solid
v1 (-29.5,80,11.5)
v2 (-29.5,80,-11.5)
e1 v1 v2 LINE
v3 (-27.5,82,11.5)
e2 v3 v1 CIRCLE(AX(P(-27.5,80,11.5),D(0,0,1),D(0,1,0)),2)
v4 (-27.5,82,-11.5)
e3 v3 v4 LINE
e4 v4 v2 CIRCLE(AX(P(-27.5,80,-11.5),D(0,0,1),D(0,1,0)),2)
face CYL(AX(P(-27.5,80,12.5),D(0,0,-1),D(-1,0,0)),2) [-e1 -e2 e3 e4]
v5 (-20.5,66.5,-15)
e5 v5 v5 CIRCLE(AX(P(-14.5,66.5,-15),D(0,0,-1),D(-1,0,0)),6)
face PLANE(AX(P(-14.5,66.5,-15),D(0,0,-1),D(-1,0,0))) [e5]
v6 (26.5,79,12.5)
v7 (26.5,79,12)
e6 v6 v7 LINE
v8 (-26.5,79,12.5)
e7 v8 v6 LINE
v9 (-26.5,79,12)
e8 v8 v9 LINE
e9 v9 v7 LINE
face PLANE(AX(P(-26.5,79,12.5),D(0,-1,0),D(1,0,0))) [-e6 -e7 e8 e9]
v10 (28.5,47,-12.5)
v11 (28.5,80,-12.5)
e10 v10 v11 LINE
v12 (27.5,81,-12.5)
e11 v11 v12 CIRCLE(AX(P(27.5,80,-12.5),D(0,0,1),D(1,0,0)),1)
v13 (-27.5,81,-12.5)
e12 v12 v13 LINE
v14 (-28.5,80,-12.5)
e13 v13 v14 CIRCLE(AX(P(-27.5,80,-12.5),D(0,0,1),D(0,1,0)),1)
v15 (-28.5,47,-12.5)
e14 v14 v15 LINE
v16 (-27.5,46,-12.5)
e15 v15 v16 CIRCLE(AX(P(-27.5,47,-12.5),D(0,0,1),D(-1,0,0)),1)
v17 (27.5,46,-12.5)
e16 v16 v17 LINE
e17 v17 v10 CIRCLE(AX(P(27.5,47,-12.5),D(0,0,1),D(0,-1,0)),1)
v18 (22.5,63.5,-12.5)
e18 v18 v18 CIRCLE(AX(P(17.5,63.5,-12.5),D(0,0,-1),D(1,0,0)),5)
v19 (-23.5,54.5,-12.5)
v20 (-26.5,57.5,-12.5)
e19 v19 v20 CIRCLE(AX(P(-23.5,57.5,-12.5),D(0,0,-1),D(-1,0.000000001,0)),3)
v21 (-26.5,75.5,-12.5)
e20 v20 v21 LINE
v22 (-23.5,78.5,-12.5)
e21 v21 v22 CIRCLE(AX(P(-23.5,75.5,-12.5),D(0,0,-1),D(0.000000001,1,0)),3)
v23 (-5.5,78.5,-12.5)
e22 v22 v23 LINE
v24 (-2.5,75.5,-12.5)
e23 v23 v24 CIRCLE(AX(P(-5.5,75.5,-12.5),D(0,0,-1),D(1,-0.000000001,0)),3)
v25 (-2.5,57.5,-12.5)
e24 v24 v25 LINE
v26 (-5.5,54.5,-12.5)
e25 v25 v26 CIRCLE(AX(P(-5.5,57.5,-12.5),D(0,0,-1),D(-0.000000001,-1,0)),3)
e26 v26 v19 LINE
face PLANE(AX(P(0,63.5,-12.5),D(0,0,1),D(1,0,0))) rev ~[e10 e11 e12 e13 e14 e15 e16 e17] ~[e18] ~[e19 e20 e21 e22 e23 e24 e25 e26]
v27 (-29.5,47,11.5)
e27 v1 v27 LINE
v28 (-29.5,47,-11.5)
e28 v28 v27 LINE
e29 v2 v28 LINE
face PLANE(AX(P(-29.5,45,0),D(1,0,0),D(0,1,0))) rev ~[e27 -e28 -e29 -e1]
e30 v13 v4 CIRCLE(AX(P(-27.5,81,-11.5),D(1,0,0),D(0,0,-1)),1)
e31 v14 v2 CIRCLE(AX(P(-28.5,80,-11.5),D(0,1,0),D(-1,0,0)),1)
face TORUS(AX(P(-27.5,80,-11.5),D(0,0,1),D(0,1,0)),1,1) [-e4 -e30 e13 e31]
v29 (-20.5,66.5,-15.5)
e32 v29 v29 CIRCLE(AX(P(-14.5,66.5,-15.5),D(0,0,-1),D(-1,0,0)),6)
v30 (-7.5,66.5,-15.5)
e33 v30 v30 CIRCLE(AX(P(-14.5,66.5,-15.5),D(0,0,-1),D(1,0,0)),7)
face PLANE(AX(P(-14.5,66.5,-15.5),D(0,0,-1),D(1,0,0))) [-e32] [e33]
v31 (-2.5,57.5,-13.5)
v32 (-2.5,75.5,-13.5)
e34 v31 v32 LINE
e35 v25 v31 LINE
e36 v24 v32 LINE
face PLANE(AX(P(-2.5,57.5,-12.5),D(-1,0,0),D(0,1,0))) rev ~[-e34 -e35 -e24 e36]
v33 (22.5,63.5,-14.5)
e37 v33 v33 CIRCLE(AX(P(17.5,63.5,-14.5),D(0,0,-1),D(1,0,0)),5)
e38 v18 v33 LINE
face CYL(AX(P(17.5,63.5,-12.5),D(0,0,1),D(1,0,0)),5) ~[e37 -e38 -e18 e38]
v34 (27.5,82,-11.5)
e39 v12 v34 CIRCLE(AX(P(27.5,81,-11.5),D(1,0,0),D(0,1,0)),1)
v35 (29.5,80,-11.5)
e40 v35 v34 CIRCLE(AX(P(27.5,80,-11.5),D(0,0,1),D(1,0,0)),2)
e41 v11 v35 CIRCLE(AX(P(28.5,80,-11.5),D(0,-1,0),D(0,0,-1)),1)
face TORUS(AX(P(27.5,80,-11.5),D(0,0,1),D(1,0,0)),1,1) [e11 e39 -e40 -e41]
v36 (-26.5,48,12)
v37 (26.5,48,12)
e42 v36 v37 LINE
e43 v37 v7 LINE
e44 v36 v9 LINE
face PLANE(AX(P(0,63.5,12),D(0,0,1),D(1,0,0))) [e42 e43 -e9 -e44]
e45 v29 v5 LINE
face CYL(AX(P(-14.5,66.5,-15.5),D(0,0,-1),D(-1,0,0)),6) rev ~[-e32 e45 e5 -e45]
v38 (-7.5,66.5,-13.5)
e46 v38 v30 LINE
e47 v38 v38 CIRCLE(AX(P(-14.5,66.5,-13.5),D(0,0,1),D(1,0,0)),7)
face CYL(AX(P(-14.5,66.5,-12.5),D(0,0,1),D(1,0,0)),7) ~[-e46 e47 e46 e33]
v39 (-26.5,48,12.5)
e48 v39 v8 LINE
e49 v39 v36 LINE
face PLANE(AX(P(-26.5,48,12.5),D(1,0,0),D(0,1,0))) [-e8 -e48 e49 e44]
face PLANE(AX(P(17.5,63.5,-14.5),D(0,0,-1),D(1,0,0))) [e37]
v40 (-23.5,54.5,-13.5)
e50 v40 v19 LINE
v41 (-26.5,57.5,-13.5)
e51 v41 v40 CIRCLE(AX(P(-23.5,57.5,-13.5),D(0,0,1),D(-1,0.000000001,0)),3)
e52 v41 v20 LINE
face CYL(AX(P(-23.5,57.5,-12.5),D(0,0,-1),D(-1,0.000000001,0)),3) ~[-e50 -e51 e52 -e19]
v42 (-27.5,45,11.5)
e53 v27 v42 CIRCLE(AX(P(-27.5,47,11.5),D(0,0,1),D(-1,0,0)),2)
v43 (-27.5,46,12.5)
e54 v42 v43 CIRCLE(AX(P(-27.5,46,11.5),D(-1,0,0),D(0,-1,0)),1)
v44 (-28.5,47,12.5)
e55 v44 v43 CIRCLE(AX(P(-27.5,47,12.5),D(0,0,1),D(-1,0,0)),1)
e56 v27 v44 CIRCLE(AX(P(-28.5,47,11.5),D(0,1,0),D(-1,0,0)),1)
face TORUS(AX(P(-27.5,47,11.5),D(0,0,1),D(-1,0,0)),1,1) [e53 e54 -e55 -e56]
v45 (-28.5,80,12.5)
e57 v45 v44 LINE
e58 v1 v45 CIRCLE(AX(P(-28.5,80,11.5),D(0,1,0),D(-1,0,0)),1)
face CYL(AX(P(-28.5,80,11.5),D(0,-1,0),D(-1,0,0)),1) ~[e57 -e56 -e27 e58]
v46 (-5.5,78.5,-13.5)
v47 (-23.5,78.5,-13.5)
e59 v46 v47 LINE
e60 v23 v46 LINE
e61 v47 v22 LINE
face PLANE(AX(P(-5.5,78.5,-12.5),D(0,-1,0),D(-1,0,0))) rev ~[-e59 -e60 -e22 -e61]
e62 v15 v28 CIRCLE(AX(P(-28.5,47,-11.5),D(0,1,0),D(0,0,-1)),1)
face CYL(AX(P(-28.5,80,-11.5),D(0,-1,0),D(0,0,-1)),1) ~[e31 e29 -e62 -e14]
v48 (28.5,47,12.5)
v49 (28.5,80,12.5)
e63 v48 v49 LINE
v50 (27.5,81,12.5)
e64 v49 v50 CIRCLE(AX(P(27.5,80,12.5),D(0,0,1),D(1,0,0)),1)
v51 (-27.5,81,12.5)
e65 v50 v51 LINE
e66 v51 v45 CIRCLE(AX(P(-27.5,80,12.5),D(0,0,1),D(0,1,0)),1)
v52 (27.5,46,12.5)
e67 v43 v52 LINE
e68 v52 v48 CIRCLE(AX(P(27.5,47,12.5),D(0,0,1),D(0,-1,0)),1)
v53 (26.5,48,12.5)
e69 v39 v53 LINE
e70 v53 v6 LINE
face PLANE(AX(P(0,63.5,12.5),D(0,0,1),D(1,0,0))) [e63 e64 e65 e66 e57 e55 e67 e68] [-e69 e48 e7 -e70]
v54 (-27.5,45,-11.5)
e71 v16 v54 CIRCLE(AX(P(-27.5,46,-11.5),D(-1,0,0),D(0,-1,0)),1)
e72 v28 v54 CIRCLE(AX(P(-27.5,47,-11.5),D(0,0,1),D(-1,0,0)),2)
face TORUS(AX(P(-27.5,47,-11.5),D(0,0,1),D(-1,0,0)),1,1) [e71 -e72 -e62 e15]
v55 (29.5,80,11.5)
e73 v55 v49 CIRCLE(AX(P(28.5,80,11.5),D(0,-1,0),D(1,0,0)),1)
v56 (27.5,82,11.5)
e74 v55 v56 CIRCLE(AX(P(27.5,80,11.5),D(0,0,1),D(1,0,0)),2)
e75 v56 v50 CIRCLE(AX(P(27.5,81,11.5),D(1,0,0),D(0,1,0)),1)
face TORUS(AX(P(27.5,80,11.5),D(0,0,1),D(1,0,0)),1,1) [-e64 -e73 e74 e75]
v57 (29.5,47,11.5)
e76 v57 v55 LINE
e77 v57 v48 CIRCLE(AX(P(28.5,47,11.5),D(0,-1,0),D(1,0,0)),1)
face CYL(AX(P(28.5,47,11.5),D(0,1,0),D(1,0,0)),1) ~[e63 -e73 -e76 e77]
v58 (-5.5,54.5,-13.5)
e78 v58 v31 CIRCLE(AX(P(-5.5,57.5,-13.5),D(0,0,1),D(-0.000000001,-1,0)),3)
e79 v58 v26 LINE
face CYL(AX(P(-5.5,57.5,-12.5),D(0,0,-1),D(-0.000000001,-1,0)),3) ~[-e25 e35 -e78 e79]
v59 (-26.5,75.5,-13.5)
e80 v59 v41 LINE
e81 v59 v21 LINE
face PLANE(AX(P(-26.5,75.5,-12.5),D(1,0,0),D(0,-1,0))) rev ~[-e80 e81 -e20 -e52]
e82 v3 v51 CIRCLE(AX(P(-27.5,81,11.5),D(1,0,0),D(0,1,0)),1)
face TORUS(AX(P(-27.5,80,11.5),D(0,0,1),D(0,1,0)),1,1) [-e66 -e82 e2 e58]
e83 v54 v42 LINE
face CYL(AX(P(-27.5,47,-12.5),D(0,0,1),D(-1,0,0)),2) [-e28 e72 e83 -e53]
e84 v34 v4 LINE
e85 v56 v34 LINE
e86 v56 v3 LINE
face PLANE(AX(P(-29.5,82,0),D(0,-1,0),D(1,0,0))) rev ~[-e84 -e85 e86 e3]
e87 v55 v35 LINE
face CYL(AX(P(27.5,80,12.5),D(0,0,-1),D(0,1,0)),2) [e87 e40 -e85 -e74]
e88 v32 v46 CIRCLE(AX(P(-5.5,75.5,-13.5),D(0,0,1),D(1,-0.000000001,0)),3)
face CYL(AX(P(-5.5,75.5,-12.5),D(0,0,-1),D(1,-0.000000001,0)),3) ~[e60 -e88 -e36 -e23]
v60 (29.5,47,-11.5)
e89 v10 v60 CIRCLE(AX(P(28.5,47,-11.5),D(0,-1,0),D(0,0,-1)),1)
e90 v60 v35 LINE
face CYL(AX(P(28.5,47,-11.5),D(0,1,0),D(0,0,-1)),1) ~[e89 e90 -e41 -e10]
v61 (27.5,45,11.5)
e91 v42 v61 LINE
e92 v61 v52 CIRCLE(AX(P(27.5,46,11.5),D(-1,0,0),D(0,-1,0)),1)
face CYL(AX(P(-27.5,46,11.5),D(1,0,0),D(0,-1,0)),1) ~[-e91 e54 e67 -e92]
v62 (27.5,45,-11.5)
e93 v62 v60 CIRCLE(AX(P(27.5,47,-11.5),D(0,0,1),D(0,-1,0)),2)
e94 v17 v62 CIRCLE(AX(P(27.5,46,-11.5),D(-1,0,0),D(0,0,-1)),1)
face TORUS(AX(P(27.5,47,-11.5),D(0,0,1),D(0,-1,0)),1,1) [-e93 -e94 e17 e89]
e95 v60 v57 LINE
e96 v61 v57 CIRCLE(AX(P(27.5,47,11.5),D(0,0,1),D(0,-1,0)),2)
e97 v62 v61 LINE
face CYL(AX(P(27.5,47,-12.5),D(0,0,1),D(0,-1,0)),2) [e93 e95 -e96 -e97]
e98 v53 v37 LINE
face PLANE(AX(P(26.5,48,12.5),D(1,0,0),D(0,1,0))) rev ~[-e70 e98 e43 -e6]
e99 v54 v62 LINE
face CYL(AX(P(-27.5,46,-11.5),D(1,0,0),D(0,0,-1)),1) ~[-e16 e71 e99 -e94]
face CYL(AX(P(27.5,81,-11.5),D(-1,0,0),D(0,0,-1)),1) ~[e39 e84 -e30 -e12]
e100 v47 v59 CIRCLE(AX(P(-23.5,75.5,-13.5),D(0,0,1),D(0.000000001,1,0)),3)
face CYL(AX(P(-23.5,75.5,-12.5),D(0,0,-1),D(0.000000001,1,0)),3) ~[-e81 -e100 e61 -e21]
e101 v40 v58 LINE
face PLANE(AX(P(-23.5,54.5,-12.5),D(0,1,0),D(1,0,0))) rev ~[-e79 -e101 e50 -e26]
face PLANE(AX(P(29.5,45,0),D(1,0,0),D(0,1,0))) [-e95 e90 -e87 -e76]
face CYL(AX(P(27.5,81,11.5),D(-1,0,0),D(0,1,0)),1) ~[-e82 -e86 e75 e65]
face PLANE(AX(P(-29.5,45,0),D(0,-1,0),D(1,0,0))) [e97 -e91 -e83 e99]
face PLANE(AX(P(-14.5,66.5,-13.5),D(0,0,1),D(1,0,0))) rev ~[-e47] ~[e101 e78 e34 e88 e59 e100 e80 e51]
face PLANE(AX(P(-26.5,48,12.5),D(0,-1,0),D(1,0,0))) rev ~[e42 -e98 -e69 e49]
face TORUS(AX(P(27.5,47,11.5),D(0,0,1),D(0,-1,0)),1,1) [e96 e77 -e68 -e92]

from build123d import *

# Parameters (mm, degrees)
SKETCH1_W           = 59
SKETCH1_H           = 37
BOSS_EXTRUDE1_DEPTH = 12.5
SKETCH2_R           = 7
BOSS_EXTRUDE2_DEPTH = 3
FILLET1_R           = 2
BOSS_EXTRUDE3_DEPTH = 1
SKETCH4_R           = 6
CUT_EXTRUDE1_DEPTH  = 0.5
SKETCH5_R           = 5
BOSS_EXTRUDE4_DEPTH = 2
FILLET2_R           = 1
SKETCH6_W           = 53
SKETCH6_H           = 31
CUT_EXTRUDE2_DEPTH  = 0.5


with BuildPart() as part:
    # Sketch1 → Boss-Extrude1 (new, symmetric)
    with BuildSketch(Plane.XY):
        with Locations((0, 63.5)):
            Rectangle(SKETCH1_W, SKETCH1_H)
    extrude(amount=BOSS_EXTRUDE1_DEPTH, both=True)

    # Sketch2 → Boss-Extrude2 (add)
    with BuildSketch(Plane(origin=(0, 0, -12.5), x_dir=(-1, 0, 0), z_dir=(0, 0, -1))):
        with Locations(Location((14.5, 66.5, 0), (0, 0, 180))):
            Circle(SKETCH2_R)
    extrude(amount=BOSS_EXTRUDE2_DEPTH)

    # Fillet1
    fillet1_edges = [part.edges().sort_by_distance(p)[0] for p in [
        (-29.5, 82, 0),
        (29.5, 82, 0),
        (29.5, 45, 0),
        (-29.5, 45, 0),
    ]]
    fillet(fillet1_edges, radius=FILLET1_R)

    # Sketch3 → Boss-Extrude3 (add, symmetric)
    with BuildSketch(Plane(origin=(0, 0, -12.5), x_dir=(-1, 0, 0), z_dir=(0, 0, -1))):
        with BuildLine():
            Line((5.5, 78.5), (23.5, 78.5))
            ThreePointArc((23.5, 78.5), (25.621320344, 77.621320344), (26.5, 75.5))
            Line((26.5, 75.5), (26.5, 57.5))
            ThreePointArc((26.5, 57.5), (25.621320344, 55.378679656), (23.5, 54.5))
            Line((23.5, 54.5), (5.5, 54.5))
            ThreePointArc((5.5, 54.5), (3.378679656, 55.378679656), (2.5, 57.5))
            Line((2.5, 57.5), (2.5, 75.5))
            ThreePointArc((2.5, 75.5), (3.378679656, 77.621320344), (5.5, 78.5))
        make_face()
    extrude(amount=BOSS_EXTRUDE3_DEPTH, both=True)

    # Sketch4 → Cut-Extrude1 (cut)
    with BuildSketch(Plane(origin=(0, 0, -15.5), x_dir=(-1, 0, 0), z_dir=(0, 0, -1))):
        with Locations((14.5, 66.5)):
            Circle(SKETCH4_R)
    extrude(amount=-CUT_EXTRUDE1_DEPTH, mode=Mode.SUBTRACT)

    # Sketch5 → Boss-Extrude4 (add)
    with BuildSketch(Plane(origin=(0, 0, -12.5), x_dir=(-1, 0, 0), z_dir=(0, 0, -1))):
        with Locations(Location((-17.5, 63.5, 0), (0, 0, 180))):
            Circle(SKETCH5_R)
    extrude(amount=BOSS_EXTRUDE4_DEPTH)

    # Fillet2
    fillet2_edges = [part.edges().sort_by_distance(p)[0] for p in [
        (29.5, 63.5, -12.5),
        (29.5, 63.5, 12.5),
        (-29.5, 63.5, -12.5),
        (0, 82, -12.5),
        (0, 45, -12.5),
        (-28.914213562, 81.414213562, -12.5),
        (-28.914213562, 45.585786438, -12.5),
        (28.914213562, 81.414213562, -12.5),
        (28.914213562, 45.585786438, -12.5),
        (0, 45, 12.5),
        (-29.5, 63.5, 12.5),
        (0, 82, 12.5),
        (-28.914213562, 81.414213562, 12.5),
        (-28.914213562, 45.585786438, 12.5),
        (28.914213562, 81.414213562, 12.5),
        (28.914213562, 45.585786438, 12.5),
    ]]
    fillet(fillet2_edges, radius=FILLET2_R)

    # Sketch6 → Cut-Extrude2 (cut)
    with BuildSketch(Plane.XY.offset(12.5)):
        with Locations((0, 63.5)):
            Rectangle(SKETCH6_W, SKETCH6_H)
    extrude(amount=-CUT_EXTRUDE2_DEPTH, mode=Mode.SUBTRACT)


solid = part.part
